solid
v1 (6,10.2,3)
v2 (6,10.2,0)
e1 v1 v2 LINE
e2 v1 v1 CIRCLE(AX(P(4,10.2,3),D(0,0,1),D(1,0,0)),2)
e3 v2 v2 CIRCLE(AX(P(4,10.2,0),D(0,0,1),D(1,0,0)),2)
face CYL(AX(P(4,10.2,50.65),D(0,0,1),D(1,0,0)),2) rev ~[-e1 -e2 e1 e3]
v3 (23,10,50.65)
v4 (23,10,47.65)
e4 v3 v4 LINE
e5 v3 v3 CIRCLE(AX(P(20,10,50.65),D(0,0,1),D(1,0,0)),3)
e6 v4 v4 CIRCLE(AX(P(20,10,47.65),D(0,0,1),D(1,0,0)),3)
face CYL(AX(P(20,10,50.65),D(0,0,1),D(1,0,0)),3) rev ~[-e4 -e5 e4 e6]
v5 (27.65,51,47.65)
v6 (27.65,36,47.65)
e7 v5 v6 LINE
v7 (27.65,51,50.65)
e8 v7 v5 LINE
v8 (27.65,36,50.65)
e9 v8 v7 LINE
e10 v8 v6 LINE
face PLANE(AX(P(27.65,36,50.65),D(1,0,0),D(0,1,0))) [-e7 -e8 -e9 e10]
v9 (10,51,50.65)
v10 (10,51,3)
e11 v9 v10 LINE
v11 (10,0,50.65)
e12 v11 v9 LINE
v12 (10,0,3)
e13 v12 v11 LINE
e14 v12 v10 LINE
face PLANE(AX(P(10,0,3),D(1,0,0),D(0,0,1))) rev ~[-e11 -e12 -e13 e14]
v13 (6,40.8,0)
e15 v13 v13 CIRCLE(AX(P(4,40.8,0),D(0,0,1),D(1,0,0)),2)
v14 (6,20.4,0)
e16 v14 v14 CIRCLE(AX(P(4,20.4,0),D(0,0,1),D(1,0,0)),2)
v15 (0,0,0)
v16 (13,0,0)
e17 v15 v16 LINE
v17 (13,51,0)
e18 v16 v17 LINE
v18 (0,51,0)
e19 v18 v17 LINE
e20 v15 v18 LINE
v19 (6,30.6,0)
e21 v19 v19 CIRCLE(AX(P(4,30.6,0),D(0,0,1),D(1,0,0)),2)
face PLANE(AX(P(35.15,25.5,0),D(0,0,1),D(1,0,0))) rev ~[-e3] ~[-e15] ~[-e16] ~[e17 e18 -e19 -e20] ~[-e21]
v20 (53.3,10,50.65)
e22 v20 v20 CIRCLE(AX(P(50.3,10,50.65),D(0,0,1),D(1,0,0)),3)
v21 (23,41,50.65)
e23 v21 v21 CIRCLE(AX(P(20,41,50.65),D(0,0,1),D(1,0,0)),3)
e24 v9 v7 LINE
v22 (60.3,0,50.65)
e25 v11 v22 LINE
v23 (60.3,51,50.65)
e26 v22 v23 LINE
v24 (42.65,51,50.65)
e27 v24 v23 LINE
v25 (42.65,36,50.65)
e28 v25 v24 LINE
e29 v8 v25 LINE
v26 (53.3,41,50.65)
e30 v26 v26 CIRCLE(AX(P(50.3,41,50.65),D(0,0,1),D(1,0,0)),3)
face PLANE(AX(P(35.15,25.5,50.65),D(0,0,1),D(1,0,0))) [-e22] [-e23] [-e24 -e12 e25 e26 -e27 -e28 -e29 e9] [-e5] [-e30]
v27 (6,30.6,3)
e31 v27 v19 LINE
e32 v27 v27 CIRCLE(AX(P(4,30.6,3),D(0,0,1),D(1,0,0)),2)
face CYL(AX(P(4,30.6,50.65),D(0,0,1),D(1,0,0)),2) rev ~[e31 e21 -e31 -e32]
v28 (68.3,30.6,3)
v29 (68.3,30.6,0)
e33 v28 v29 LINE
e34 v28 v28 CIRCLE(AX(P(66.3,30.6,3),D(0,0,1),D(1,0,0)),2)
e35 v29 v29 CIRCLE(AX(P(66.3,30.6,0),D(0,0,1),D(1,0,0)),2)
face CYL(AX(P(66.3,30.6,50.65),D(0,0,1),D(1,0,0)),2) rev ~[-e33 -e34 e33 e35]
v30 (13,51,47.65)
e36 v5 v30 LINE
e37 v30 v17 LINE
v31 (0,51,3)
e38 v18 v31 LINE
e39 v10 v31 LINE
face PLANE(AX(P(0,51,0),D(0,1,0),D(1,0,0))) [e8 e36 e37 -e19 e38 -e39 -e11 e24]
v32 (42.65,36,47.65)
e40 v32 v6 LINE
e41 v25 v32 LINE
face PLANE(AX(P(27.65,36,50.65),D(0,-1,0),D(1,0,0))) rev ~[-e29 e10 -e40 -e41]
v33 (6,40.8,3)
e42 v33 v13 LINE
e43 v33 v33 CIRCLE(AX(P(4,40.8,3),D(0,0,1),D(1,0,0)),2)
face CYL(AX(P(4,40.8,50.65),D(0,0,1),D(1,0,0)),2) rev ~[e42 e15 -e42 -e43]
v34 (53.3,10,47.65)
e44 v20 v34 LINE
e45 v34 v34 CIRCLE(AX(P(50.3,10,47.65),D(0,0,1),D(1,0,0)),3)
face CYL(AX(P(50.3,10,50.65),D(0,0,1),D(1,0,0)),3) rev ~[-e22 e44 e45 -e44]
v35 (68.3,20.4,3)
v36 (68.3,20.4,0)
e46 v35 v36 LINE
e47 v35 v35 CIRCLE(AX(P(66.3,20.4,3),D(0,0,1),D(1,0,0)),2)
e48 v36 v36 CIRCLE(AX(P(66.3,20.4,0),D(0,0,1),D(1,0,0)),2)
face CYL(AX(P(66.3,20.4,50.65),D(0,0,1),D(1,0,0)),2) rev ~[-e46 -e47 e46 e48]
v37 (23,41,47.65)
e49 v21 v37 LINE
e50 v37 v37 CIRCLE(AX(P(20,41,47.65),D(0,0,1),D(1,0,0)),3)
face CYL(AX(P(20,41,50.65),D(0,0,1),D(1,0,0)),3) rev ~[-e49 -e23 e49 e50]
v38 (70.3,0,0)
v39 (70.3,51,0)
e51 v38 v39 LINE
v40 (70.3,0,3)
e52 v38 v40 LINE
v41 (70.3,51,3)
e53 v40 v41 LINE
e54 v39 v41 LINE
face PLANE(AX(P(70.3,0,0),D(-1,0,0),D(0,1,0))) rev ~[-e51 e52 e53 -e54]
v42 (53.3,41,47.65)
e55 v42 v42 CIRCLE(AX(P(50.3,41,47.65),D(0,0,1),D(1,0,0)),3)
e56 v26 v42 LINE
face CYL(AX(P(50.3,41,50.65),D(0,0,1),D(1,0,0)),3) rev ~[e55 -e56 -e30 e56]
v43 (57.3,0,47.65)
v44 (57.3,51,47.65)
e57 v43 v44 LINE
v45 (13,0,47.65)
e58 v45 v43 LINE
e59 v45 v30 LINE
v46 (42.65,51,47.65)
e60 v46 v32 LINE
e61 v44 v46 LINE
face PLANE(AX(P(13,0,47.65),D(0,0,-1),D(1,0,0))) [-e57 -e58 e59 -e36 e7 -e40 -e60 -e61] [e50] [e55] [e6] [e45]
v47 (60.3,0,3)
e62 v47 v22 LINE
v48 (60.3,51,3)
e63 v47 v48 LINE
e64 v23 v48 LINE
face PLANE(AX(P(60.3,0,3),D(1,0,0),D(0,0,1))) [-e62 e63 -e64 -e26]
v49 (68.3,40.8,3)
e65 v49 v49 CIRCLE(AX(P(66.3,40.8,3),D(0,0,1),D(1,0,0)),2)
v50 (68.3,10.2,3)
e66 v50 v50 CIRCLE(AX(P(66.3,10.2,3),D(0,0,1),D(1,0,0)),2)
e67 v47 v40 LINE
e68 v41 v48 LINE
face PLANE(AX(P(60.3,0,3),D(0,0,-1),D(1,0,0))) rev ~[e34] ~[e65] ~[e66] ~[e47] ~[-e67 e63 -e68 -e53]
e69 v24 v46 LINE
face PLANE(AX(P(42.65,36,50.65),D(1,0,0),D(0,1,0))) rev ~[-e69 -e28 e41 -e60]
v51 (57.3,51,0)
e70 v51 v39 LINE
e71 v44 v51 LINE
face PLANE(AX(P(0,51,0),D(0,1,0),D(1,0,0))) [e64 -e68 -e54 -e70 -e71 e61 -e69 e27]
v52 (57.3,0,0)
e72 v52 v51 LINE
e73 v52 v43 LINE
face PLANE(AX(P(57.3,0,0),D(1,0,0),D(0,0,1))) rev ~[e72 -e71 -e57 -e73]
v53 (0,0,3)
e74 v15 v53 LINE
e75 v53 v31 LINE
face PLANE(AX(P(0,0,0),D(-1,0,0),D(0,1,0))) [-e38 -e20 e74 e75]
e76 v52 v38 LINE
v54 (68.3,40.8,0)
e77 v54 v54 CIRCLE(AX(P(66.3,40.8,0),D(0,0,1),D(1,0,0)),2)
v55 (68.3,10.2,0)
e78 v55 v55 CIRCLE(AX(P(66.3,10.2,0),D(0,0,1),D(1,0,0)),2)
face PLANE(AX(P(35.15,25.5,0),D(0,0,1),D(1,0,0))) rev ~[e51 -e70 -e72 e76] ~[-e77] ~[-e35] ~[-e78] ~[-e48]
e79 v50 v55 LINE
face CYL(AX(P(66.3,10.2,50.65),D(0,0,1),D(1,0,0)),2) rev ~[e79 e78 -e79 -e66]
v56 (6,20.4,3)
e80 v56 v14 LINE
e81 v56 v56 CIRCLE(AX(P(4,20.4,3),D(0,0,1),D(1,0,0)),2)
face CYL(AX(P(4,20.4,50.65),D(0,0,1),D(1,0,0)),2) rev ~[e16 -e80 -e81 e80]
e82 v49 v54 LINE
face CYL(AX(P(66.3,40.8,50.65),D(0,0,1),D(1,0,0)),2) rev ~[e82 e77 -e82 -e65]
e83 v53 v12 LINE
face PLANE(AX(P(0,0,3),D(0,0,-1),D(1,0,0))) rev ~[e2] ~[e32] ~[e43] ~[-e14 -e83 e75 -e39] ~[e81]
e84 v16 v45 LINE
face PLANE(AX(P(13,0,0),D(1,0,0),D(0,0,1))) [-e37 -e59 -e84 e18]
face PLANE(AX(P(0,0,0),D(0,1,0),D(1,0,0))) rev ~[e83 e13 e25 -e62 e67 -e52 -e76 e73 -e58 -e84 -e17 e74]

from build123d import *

# Parameters (mm, degrees)
SKETCH_W        = 70.3
SKETCH_H        = 51
PAD_DEPTH       = 50.65
SKETCH001_W     = 44.3
SKETCH001_H     = 47.65
SKETCH001_W_2   = 10
POCKET_DEPTH    = 51.001
SKETCH002_R     = 3
SKETCH002_R_2   = 2
SKETCH002_W     = 15
SKETCH002_H     = 15
POCKET001_DEPTH = 50.651


with BuildPart() as part:
    # Sketch → Pad (new body)
    with BuildSketch(Plane.XY):
        with Locations((35.15, 25.5)):
            Rectangle(SKETCH_W, SKETCH_H)
    extrude(amount=PAD_DEPTH)

    # Sketch001 → Pocket (cut, through all)
    with BuildSketch(Plane.XZ):
        with Locations((35.15, 23.825)):
            Rectangle(SKETCH001_W, SKETCH001_H)
        with Locations((5, 26.825)):
            Rectangle(SKETCH001_W_2, SKETCH001_H)
        with Locations((65.3, 26.825)):
            Rectangle(SKETCH001_W_2, SKETCH001_H)
    extrude(amount=-POCKET_DEPTH, mode=Mode.SUBTRACT)

    # Sketch002 → Pocket001 (cut, through all)
    with BuildSketch(Plane.XY.offset(50.65)):
        with Locations((20, 41)):
            Circle(SKETCH002_R)
        with Locations((50.3, 41)):
            Circle(SKETCH002_R)
        with Locations((20, 10)):
            Circle(SKETCH002_R)
        with Locations((50.3, 10)):
            Circle(SKETCH002_R)
        with Locations((4, 40.8)):
            Circle(SKETCH002_R_2)
        with Locations((4, 30.6)):
            Circle(SKETCH002_R_2)
        with Locations((4, 20.4)):
            Circle(SKETCH002_R_2)
        with Locations((4, 10.2)):
            Circle(SKETCH002_R_2)
        with Locations((66.3, 40.8)):
            Circle(SKETCH002_R_2)
        with Locations((66.3, 30.6)):
            Circle(SKETCH002_R_2)
        with Locations((66.3, 20.4)):
            Circle(SKETCH002_R_2)
        with Locations((66.3, 10.2)):
            Circle(SKETCH002_R_2)
        with Locations((35.15, 43.5)):
            Rectangle(SKETCH002_W, SKETCH002_H)
    extrude(amount=-POCKET001_DEPTH, mode=Mode.SUBTRACT)


solid = part.part
